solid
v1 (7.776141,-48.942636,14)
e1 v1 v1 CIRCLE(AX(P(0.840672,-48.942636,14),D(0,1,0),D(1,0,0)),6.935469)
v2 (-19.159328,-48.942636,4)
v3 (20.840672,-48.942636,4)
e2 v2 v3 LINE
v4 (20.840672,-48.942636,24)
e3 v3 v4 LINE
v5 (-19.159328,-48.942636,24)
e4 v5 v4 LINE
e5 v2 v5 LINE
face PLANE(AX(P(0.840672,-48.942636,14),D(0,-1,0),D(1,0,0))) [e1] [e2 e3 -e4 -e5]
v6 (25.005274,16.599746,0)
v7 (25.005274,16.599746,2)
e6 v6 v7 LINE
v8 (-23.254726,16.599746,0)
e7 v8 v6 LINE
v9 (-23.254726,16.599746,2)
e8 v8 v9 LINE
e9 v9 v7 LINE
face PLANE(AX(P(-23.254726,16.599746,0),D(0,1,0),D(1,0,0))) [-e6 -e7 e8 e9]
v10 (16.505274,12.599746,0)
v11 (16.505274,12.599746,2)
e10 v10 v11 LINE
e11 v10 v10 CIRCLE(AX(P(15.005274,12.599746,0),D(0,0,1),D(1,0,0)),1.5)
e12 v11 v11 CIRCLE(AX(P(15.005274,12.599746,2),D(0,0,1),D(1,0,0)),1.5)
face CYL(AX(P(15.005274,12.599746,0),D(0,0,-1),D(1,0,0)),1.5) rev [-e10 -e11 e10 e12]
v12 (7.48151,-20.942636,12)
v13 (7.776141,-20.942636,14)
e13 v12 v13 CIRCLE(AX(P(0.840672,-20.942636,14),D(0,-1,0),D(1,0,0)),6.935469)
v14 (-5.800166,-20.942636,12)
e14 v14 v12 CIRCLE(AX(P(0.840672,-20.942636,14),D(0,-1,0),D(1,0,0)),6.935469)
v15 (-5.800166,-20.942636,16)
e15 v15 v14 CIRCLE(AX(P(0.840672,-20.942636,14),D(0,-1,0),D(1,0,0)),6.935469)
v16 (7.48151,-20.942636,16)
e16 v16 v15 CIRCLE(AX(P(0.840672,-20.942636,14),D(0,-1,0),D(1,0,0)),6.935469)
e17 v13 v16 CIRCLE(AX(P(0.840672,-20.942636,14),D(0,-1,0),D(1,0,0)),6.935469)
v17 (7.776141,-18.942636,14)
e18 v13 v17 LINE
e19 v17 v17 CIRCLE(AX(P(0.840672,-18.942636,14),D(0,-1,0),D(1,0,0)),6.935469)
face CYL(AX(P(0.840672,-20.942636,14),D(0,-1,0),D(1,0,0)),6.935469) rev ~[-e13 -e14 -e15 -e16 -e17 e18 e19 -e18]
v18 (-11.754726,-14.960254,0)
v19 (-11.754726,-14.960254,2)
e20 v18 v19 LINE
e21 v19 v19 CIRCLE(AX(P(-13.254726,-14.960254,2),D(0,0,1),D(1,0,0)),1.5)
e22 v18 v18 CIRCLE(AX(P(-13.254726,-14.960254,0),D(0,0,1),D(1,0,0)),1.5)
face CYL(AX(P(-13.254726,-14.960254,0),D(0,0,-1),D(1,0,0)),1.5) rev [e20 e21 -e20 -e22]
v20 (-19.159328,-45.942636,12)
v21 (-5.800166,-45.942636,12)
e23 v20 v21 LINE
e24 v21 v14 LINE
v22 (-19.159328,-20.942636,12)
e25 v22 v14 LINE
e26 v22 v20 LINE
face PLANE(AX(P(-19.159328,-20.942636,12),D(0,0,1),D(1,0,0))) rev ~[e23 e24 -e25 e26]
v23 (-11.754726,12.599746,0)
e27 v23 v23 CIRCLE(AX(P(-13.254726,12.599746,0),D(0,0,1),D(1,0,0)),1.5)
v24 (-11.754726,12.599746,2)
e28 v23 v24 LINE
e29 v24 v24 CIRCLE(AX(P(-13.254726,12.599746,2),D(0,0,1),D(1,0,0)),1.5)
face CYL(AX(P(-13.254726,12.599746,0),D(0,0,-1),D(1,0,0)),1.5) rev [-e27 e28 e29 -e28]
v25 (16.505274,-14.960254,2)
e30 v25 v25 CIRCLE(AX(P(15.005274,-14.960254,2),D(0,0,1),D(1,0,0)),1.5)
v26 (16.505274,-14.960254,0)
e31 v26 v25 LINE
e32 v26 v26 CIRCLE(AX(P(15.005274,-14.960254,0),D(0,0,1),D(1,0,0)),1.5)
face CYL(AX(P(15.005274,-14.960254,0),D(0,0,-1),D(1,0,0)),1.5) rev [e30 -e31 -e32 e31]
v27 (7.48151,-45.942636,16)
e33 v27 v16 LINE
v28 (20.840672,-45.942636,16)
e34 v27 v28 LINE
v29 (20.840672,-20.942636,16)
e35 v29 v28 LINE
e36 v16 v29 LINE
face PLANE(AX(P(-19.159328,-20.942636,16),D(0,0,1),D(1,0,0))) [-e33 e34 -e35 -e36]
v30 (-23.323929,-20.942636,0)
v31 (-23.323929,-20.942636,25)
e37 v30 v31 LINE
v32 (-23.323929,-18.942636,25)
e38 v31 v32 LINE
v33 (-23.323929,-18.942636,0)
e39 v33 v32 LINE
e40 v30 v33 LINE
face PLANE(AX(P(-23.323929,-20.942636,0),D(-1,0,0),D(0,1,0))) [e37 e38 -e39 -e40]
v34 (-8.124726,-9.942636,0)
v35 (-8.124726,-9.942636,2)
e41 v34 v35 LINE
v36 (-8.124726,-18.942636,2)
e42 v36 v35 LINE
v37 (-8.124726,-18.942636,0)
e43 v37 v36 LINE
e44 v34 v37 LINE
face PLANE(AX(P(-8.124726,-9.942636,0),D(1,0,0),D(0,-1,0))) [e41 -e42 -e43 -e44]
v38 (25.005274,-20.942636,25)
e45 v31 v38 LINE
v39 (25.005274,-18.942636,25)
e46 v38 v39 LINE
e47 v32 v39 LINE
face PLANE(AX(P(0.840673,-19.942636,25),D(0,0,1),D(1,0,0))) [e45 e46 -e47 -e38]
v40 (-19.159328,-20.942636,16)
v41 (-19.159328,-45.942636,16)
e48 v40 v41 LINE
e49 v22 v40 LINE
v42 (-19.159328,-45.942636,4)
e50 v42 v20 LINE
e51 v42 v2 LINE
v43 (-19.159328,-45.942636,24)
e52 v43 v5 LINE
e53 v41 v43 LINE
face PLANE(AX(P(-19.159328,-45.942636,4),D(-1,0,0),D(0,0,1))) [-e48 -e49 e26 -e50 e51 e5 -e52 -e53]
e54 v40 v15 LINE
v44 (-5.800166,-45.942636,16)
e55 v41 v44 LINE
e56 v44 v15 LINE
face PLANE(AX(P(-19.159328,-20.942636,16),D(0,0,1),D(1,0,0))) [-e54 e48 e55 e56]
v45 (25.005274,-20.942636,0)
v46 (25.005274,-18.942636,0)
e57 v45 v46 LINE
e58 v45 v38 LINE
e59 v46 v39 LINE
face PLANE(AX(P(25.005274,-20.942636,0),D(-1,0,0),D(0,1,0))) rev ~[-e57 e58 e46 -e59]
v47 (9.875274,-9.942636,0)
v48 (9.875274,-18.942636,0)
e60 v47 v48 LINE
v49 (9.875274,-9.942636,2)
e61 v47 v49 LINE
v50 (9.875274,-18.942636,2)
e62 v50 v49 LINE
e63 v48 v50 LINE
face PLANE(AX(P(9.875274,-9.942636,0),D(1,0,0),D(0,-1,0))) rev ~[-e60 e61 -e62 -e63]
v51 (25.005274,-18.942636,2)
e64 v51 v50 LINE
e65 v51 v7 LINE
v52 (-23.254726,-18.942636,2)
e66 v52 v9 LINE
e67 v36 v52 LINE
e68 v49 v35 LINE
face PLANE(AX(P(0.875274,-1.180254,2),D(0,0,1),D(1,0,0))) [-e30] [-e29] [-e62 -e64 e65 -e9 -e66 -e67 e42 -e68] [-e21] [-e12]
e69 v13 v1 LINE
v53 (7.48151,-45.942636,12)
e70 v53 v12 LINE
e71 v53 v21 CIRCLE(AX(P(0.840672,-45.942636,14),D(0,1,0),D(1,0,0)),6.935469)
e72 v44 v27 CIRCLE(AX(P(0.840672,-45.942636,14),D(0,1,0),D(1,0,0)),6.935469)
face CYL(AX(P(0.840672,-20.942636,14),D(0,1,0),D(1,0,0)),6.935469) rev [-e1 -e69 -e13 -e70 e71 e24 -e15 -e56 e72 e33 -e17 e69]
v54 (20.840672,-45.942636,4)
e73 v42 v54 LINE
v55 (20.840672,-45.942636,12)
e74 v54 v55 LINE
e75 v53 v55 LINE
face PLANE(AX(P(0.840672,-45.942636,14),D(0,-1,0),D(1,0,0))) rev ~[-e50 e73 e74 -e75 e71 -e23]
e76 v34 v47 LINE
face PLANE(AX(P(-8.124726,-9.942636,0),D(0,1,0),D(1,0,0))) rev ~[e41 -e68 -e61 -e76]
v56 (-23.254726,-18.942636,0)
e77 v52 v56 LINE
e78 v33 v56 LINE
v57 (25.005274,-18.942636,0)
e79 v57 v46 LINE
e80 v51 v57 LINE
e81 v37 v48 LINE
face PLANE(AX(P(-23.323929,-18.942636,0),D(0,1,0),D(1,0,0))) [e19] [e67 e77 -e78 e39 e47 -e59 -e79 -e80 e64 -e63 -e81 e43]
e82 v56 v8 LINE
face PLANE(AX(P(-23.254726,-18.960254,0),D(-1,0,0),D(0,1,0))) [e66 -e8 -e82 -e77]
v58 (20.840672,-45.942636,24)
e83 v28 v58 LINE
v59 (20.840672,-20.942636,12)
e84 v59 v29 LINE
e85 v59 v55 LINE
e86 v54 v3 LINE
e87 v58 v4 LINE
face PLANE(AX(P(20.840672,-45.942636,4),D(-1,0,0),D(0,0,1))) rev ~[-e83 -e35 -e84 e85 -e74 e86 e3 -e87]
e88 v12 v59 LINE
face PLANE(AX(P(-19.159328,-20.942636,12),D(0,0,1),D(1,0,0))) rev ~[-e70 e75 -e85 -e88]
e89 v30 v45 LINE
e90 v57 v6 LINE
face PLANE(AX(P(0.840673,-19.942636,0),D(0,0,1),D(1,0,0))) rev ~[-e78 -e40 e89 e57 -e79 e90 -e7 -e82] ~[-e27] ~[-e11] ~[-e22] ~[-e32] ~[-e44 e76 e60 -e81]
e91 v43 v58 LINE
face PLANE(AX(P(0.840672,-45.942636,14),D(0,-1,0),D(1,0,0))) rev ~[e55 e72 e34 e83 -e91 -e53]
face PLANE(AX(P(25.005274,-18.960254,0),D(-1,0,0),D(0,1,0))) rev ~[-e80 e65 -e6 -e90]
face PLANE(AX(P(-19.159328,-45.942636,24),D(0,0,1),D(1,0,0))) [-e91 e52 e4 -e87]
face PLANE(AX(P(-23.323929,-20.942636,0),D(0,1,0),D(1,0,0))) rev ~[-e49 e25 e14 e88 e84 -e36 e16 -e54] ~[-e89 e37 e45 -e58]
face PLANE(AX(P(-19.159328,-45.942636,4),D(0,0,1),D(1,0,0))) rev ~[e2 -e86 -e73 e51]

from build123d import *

# Parameters (mm, degrees)
F0_W      = 48.26
F0_H      = 35.56
F0_R      = 1.5
F1_DEPTH  = 2
F2_W      = 48.329203
F2_H      = 2
F3_DEPTH  = 25
F5_W      = 18
F5_H      = 9
F6_DEPTH  = 25
F7_W      = 40
F7_H      = 4
F8_DEPTH  = 25
F9_W      = 40
F9_H      = 20
F10_DEPTH = 3
F11_R     = 6.935469
F12_DEPTH = 30
F13_DEPTH = 25


with BuildPart() as f1:
    # F0 (on Top) → F1 (new body)
    with BuildSketch(Plane.XY):
        with Locations((0.875274, -1.180254)):
            Rectangle(F0_W, F0_H)
        with Locations((-13.254726, -14.960254)):
            Circle(F0_R, mode=Mode.SUBTRACT)
        with Locations((15.005274, -14.960254)):
            Circle(F0_R, mode=Mode.SUBTRACT)
        with Locations((-13.254726, 12.599746)):
            Circle(F0_R, mode=Mode.SUBTRACT)
        with Locations((15.005274, 12.599746)):
            Circle(F0_R, mode=Mode.SUBTRACT)
    extrude(amount=F1_DEPTH)

    # F2 (on Top) → F3 (join)
    with BuildSketch(Plane.XY):
        with Locations((0.840673, -19.942636)):
            Rectangle(F2_W, F2_H)
    extrude(amount=F3_DEPTH)

    # F5 (on face) → F6 (cut)
    with BuildSketch(Plane(origin=(0, 0, 0), x_dir=(1, 0, 0), z_dir=(0, 0, -1))):
        with Locations((0.875274, 14.442636)):
            Rectangle(F5_W, F5_H)
    extrude(amount=-F6_DEPTH, mode=Mode.SUBTRACT)

    # F7 (on face) → F8 (join)
    with BuildSketch(Plane.XZ.offset(20.942636)):
        with Locations((0.840672, 14)):
            Rectangle(F7_W, F7_H)
    extrude(amount=F8_DEPTH)

    # F9 (on face) → F10 (join)
    with BuildSketch(Plane.XZ.offset(45.942636)):
        with Locations((0.840672, 14)):
            Rectangle(F9_W, F9_H)
    extrude(amount=F10_DEPTH)

    # F11 (on face) → F12 (cut)
    with BuildSketch(Plane.XZ.offset(20.942636)):
        with Locations((0.840672, 14)):
            Circle(F11_R)
    extrude(amount=F12_DEPTH, mode=Mode.SUBTRACT)

    # F11 (on face) → F13 (cut)
    with BuildSketch(Plane.XZ.offset(20.942636)):
        with Locations((0.840672, 14)):
            Circle(F11_R)
    extrude(amount=-F13_DEPTH, mode=Mode.SUBTRACT)


solid = f1.part
